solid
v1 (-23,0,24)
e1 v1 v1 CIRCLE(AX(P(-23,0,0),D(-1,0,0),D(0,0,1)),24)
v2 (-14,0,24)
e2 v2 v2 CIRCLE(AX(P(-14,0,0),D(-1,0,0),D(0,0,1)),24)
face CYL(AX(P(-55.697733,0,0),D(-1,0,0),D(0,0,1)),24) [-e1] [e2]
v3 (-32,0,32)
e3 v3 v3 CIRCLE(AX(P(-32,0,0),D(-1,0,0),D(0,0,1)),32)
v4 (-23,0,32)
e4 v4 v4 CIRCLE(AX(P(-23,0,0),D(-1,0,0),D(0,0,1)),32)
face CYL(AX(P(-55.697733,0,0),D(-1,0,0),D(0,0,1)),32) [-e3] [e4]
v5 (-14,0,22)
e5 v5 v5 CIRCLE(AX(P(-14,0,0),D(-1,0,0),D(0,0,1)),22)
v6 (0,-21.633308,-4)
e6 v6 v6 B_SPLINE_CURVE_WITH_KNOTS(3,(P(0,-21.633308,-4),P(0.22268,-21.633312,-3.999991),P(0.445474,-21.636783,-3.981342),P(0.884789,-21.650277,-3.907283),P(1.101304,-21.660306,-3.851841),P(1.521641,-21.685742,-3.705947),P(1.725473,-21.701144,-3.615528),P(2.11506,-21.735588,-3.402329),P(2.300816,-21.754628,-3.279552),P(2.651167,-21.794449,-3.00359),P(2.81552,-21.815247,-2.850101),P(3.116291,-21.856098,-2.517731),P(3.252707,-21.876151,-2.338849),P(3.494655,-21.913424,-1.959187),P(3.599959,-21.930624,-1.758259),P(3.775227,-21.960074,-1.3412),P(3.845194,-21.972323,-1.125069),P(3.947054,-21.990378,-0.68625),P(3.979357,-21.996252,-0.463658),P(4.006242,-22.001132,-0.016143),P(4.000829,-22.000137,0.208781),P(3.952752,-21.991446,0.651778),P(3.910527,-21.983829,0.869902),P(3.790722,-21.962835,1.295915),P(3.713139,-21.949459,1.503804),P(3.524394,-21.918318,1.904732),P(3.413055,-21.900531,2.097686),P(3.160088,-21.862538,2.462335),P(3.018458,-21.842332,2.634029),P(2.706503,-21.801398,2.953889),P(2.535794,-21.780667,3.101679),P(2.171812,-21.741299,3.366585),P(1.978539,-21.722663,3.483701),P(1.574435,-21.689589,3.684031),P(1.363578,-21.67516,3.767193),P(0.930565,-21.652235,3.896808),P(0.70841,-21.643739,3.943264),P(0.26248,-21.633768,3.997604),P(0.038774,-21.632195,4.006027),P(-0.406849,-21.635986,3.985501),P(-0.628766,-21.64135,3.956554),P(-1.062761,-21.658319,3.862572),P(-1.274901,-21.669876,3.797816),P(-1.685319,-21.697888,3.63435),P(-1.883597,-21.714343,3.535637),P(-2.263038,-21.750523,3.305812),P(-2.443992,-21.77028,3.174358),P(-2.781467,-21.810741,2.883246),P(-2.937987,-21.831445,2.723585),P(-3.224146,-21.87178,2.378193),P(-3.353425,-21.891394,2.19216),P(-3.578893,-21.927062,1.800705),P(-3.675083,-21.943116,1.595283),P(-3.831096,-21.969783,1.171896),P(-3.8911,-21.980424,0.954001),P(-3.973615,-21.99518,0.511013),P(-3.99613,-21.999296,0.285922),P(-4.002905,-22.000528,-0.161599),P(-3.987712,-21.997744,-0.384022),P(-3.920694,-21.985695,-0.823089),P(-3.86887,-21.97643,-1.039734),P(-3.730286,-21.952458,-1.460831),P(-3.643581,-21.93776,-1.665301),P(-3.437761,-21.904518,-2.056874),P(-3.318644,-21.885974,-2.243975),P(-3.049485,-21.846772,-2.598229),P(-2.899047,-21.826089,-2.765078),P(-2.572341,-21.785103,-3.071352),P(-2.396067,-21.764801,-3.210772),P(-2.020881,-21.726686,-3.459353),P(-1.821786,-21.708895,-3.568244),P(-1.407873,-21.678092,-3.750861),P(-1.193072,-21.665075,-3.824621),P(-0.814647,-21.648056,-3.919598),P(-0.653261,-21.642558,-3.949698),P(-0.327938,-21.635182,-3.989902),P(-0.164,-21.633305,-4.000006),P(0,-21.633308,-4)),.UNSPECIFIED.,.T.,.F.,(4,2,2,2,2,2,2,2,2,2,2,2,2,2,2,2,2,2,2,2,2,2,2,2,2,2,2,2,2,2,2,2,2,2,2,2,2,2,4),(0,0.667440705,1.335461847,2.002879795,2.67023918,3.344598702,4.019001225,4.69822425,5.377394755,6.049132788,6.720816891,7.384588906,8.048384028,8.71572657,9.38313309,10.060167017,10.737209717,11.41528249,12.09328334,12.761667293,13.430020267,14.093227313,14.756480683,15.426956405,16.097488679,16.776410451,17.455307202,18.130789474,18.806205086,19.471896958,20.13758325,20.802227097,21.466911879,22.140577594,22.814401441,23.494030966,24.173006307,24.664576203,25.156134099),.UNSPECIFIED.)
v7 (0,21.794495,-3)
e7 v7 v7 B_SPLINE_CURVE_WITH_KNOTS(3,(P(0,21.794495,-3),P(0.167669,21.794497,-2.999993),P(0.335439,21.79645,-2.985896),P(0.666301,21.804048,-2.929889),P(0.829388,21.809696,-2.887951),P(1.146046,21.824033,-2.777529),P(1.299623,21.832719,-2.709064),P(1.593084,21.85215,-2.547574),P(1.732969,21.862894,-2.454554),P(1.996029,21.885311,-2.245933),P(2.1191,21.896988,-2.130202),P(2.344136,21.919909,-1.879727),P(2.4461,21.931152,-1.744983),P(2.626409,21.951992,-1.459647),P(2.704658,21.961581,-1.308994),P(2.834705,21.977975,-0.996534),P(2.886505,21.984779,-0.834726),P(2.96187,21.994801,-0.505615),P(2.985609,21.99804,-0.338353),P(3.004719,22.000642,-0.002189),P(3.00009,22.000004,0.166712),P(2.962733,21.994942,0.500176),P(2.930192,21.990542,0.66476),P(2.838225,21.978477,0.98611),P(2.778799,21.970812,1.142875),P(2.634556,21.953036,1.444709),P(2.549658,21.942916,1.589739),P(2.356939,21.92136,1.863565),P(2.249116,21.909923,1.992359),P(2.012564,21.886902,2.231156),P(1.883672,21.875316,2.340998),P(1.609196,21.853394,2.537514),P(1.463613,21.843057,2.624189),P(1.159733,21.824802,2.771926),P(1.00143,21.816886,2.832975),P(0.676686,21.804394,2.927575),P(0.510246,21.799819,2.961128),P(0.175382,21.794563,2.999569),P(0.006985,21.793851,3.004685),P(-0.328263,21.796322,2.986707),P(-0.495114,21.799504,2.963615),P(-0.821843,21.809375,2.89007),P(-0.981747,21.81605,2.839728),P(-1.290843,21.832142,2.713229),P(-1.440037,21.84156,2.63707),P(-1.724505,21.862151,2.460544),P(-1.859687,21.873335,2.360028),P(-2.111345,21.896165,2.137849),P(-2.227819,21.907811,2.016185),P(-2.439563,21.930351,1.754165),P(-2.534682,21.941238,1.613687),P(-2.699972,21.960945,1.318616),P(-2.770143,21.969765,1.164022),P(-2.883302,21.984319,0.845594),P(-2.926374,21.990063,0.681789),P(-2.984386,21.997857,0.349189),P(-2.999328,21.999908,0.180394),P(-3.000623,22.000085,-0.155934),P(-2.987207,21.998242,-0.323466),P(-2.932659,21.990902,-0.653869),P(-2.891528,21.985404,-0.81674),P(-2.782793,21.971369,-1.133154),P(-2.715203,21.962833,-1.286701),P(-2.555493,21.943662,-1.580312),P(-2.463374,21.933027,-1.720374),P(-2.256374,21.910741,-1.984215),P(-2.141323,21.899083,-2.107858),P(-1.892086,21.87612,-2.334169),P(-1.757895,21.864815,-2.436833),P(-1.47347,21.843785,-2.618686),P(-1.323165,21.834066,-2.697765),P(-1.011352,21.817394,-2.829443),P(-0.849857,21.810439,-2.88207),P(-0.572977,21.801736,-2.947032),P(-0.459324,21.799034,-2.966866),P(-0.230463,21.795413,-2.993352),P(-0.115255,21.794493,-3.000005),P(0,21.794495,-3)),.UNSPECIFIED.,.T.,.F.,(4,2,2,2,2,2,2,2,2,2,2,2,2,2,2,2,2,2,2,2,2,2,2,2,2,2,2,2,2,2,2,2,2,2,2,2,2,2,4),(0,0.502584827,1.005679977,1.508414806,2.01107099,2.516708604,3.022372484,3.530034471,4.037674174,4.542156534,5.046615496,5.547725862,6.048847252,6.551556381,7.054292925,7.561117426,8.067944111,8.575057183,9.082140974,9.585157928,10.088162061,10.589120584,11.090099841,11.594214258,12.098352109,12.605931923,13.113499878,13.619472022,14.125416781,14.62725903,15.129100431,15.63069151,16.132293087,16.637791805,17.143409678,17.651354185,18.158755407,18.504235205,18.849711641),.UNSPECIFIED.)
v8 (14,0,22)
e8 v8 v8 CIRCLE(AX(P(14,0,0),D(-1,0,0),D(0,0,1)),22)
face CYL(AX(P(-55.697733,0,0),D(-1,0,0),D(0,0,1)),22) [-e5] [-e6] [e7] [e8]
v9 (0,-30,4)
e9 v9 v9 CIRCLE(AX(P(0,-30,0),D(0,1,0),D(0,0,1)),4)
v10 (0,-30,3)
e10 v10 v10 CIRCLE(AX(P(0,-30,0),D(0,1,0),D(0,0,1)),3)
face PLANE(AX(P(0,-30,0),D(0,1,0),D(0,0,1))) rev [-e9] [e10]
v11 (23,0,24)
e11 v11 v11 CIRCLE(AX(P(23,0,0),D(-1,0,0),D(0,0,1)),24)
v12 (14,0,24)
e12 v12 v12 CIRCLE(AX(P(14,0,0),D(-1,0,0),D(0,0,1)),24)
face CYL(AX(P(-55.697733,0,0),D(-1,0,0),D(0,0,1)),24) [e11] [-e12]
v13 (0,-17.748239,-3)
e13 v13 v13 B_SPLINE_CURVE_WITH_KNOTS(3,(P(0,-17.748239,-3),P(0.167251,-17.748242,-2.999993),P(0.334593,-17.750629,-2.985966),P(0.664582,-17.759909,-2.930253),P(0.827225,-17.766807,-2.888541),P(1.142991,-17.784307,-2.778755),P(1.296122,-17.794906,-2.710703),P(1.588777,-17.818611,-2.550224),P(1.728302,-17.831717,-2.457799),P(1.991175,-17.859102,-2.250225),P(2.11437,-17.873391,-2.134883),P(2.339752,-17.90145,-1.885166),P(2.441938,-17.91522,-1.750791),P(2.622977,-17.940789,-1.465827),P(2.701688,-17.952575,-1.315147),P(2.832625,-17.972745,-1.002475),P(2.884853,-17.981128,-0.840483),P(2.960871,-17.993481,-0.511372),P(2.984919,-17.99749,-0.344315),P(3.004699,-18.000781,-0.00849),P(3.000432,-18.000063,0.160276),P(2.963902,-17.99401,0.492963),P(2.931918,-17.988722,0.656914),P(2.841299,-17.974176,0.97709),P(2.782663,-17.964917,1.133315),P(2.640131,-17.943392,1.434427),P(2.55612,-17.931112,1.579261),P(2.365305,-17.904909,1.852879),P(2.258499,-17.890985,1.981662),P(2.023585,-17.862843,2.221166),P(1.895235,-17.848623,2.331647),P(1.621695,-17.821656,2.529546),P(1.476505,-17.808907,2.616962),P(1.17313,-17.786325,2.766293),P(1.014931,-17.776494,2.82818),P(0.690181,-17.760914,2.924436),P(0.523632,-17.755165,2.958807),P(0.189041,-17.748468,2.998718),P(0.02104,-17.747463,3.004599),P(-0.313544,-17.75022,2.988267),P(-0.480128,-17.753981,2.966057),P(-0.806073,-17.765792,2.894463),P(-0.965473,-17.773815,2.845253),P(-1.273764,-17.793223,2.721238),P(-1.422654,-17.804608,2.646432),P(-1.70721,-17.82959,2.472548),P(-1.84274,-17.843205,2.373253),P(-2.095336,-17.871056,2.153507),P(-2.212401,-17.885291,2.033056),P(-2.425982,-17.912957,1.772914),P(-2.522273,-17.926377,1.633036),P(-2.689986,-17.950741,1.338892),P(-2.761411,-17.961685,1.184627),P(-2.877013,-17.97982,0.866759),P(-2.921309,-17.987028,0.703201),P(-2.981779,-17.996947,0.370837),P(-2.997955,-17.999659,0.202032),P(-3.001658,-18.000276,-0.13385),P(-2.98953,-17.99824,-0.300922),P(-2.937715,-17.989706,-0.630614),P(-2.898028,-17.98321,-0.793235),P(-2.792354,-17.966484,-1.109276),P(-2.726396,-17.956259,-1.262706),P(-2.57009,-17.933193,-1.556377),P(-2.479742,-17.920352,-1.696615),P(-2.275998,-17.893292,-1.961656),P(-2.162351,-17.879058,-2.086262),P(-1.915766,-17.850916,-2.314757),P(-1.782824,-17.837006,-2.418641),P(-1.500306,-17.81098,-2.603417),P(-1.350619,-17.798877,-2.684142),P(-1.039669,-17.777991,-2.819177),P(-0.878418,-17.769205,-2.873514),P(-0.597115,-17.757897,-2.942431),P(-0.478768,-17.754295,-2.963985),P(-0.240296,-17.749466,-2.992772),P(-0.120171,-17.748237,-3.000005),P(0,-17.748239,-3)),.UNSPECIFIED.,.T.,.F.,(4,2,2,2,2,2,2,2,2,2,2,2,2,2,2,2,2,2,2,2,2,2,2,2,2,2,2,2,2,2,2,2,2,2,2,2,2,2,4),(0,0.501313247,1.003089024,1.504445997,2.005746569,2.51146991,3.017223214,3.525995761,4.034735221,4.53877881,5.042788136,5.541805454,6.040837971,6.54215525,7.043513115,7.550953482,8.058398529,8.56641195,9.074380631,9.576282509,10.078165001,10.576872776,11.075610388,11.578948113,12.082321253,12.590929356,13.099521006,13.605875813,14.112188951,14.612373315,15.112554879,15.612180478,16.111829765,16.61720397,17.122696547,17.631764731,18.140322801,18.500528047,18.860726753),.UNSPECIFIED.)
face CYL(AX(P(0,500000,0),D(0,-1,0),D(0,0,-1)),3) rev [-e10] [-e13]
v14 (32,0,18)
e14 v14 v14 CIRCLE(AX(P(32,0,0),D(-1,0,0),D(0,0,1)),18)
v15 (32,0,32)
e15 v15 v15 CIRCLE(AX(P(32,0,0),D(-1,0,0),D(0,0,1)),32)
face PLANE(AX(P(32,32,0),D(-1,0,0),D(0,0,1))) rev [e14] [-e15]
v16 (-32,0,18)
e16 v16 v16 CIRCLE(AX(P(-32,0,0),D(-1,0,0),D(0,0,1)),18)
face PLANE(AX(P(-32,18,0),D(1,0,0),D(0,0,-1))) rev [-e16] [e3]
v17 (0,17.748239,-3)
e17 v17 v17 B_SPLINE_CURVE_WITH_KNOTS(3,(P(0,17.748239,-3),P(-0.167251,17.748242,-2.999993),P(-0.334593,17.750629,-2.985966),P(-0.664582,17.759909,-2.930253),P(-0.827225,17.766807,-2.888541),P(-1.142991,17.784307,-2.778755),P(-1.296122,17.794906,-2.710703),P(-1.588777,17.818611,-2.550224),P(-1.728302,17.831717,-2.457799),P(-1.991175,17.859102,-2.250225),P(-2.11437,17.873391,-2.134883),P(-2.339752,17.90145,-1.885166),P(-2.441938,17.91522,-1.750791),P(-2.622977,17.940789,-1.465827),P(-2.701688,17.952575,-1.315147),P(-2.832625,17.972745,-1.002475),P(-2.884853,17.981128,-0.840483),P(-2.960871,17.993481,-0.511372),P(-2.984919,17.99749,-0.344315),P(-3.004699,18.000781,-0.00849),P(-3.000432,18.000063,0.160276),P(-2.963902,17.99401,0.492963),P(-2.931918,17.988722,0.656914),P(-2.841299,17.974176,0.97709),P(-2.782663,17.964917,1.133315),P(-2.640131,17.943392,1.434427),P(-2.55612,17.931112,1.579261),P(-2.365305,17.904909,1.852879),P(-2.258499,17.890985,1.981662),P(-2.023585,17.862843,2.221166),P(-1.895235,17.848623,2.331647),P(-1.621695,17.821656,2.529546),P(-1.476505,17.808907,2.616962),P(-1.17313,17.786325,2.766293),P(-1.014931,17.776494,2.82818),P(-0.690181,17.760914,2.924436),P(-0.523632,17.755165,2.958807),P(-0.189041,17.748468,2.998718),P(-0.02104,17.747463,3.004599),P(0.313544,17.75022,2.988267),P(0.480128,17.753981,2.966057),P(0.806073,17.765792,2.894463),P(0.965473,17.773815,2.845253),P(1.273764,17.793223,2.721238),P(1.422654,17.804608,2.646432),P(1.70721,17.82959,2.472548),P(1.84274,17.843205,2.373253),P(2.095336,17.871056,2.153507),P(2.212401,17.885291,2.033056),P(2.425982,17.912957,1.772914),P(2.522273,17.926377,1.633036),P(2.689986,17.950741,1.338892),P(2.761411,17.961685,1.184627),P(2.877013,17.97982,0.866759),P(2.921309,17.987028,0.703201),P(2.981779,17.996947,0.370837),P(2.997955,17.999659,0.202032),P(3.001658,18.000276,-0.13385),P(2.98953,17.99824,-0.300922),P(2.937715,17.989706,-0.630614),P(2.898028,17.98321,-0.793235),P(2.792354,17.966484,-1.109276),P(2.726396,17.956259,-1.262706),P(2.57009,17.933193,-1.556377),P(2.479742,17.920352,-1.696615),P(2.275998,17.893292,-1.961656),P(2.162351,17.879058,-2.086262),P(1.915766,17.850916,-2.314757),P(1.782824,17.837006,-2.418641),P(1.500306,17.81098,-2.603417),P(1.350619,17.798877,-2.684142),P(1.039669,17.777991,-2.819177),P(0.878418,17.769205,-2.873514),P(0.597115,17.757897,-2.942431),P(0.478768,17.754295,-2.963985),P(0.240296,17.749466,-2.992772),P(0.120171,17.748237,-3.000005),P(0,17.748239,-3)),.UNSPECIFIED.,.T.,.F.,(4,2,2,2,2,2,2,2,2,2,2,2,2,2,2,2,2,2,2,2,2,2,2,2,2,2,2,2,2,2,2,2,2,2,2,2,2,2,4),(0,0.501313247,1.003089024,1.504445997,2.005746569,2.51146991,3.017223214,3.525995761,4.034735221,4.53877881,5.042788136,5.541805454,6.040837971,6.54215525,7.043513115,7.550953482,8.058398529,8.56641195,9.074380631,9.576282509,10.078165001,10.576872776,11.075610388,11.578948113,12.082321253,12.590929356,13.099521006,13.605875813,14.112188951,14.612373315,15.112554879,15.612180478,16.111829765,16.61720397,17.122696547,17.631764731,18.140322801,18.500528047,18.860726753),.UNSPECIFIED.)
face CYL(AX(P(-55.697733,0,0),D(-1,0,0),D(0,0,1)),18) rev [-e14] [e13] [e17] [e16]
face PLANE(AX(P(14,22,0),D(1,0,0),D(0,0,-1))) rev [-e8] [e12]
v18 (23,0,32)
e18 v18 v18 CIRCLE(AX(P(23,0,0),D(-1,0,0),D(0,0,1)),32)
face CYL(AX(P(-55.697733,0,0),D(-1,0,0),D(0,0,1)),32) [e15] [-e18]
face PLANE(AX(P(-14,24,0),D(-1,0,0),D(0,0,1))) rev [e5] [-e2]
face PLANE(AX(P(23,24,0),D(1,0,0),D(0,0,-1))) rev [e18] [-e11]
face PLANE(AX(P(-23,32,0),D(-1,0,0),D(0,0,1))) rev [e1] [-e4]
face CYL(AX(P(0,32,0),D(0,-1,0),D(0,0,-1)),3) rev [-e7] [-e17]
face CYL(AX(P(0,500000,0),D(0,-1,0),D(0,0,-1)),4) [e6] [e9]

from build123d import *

# Parameters (mm, degrees)
BOSS_EXTRUDE1_REACH      = 78.759
BOSS_EXTRUDE1_END_RADIUS = 22
SKETCH2_R                = 4
SKETCH2_R_2              = 3
SKETCH3_R                = 3
CUT_EXTRUDE1_DEPTH       = 77.75936425


with BuildPart() as part:
    # Sketch1 → Revolve1 (revolve)
    with BuildSketch(Plane.XY, mode=Mode.PRIVATE) as revolve1_sk:
        Polygon((-32, 18), (-32, 32), (-23, 32), (-23, 24), (-14, 24), (-14, 22), (14, 22), (14, 24), (23, 24), (23, 32), (32, 32), (32, 18), align=None)
    revolve(revolve1_sk.sketch.rotate(Axis((-55.697732997, 0, 0), (1, 0, 0)), 90), axis=Axis((-55.697732997, 0, 0), (1, 0, 0)))

    # Boss-Extrude1: up to this cylinder (the profile starts outside it)
    boss_extrude1_end = Plane(origin=(0, 0, 0), z_dir=(-1, 0, 0)) * Cylinder(BOSS_EXTRUDE1_END_RADIUS, 202.518, mode=Mode.PRIVATE)
    # Sketch2 → Boss-Extrude1 (add, up to the surface)
    with BuildSketch(Plane(origin=(0, -30, 0), x_dir=(1, 0, 0), z_dir=(0, 1, 0)), mode=Mode.PRIVATE) as boss_extrude1_sk1:
        with Locations(Location((0, 0, 0), (0, 0, 90))):
            Circle(SKETCH2_R)
        with Locations(Location((0, 0, 0), (0, 0, 90))):
            Circle(SKETCH2_R_2, mode=Mode.SUBTRACT)
    boss_extrude1_tool1 = extrude(boss_extrude1_sk1.sketch, amount=BOSS_EXTRUDE1_REACH, mode=Mode.PRIVATE) - boss_extrude1_end
    add(boss_extrude1_tool1.solids().sort_by_distance((0, -30, 3.886863))[0])

    # Sketch3 → Cut-Extrude1 (cut, through all)
    with BuildSketch(Plane.XZ.offset(30)):
        with Locations(Location((0, 0, 0), (0, 0, 270))):
            Circle(SKETCH3_R)
    extrude(amount=-CUT_EXTRUDE1_DEPTH, mode=Mode.SUBTRACT)


solid = part.part
